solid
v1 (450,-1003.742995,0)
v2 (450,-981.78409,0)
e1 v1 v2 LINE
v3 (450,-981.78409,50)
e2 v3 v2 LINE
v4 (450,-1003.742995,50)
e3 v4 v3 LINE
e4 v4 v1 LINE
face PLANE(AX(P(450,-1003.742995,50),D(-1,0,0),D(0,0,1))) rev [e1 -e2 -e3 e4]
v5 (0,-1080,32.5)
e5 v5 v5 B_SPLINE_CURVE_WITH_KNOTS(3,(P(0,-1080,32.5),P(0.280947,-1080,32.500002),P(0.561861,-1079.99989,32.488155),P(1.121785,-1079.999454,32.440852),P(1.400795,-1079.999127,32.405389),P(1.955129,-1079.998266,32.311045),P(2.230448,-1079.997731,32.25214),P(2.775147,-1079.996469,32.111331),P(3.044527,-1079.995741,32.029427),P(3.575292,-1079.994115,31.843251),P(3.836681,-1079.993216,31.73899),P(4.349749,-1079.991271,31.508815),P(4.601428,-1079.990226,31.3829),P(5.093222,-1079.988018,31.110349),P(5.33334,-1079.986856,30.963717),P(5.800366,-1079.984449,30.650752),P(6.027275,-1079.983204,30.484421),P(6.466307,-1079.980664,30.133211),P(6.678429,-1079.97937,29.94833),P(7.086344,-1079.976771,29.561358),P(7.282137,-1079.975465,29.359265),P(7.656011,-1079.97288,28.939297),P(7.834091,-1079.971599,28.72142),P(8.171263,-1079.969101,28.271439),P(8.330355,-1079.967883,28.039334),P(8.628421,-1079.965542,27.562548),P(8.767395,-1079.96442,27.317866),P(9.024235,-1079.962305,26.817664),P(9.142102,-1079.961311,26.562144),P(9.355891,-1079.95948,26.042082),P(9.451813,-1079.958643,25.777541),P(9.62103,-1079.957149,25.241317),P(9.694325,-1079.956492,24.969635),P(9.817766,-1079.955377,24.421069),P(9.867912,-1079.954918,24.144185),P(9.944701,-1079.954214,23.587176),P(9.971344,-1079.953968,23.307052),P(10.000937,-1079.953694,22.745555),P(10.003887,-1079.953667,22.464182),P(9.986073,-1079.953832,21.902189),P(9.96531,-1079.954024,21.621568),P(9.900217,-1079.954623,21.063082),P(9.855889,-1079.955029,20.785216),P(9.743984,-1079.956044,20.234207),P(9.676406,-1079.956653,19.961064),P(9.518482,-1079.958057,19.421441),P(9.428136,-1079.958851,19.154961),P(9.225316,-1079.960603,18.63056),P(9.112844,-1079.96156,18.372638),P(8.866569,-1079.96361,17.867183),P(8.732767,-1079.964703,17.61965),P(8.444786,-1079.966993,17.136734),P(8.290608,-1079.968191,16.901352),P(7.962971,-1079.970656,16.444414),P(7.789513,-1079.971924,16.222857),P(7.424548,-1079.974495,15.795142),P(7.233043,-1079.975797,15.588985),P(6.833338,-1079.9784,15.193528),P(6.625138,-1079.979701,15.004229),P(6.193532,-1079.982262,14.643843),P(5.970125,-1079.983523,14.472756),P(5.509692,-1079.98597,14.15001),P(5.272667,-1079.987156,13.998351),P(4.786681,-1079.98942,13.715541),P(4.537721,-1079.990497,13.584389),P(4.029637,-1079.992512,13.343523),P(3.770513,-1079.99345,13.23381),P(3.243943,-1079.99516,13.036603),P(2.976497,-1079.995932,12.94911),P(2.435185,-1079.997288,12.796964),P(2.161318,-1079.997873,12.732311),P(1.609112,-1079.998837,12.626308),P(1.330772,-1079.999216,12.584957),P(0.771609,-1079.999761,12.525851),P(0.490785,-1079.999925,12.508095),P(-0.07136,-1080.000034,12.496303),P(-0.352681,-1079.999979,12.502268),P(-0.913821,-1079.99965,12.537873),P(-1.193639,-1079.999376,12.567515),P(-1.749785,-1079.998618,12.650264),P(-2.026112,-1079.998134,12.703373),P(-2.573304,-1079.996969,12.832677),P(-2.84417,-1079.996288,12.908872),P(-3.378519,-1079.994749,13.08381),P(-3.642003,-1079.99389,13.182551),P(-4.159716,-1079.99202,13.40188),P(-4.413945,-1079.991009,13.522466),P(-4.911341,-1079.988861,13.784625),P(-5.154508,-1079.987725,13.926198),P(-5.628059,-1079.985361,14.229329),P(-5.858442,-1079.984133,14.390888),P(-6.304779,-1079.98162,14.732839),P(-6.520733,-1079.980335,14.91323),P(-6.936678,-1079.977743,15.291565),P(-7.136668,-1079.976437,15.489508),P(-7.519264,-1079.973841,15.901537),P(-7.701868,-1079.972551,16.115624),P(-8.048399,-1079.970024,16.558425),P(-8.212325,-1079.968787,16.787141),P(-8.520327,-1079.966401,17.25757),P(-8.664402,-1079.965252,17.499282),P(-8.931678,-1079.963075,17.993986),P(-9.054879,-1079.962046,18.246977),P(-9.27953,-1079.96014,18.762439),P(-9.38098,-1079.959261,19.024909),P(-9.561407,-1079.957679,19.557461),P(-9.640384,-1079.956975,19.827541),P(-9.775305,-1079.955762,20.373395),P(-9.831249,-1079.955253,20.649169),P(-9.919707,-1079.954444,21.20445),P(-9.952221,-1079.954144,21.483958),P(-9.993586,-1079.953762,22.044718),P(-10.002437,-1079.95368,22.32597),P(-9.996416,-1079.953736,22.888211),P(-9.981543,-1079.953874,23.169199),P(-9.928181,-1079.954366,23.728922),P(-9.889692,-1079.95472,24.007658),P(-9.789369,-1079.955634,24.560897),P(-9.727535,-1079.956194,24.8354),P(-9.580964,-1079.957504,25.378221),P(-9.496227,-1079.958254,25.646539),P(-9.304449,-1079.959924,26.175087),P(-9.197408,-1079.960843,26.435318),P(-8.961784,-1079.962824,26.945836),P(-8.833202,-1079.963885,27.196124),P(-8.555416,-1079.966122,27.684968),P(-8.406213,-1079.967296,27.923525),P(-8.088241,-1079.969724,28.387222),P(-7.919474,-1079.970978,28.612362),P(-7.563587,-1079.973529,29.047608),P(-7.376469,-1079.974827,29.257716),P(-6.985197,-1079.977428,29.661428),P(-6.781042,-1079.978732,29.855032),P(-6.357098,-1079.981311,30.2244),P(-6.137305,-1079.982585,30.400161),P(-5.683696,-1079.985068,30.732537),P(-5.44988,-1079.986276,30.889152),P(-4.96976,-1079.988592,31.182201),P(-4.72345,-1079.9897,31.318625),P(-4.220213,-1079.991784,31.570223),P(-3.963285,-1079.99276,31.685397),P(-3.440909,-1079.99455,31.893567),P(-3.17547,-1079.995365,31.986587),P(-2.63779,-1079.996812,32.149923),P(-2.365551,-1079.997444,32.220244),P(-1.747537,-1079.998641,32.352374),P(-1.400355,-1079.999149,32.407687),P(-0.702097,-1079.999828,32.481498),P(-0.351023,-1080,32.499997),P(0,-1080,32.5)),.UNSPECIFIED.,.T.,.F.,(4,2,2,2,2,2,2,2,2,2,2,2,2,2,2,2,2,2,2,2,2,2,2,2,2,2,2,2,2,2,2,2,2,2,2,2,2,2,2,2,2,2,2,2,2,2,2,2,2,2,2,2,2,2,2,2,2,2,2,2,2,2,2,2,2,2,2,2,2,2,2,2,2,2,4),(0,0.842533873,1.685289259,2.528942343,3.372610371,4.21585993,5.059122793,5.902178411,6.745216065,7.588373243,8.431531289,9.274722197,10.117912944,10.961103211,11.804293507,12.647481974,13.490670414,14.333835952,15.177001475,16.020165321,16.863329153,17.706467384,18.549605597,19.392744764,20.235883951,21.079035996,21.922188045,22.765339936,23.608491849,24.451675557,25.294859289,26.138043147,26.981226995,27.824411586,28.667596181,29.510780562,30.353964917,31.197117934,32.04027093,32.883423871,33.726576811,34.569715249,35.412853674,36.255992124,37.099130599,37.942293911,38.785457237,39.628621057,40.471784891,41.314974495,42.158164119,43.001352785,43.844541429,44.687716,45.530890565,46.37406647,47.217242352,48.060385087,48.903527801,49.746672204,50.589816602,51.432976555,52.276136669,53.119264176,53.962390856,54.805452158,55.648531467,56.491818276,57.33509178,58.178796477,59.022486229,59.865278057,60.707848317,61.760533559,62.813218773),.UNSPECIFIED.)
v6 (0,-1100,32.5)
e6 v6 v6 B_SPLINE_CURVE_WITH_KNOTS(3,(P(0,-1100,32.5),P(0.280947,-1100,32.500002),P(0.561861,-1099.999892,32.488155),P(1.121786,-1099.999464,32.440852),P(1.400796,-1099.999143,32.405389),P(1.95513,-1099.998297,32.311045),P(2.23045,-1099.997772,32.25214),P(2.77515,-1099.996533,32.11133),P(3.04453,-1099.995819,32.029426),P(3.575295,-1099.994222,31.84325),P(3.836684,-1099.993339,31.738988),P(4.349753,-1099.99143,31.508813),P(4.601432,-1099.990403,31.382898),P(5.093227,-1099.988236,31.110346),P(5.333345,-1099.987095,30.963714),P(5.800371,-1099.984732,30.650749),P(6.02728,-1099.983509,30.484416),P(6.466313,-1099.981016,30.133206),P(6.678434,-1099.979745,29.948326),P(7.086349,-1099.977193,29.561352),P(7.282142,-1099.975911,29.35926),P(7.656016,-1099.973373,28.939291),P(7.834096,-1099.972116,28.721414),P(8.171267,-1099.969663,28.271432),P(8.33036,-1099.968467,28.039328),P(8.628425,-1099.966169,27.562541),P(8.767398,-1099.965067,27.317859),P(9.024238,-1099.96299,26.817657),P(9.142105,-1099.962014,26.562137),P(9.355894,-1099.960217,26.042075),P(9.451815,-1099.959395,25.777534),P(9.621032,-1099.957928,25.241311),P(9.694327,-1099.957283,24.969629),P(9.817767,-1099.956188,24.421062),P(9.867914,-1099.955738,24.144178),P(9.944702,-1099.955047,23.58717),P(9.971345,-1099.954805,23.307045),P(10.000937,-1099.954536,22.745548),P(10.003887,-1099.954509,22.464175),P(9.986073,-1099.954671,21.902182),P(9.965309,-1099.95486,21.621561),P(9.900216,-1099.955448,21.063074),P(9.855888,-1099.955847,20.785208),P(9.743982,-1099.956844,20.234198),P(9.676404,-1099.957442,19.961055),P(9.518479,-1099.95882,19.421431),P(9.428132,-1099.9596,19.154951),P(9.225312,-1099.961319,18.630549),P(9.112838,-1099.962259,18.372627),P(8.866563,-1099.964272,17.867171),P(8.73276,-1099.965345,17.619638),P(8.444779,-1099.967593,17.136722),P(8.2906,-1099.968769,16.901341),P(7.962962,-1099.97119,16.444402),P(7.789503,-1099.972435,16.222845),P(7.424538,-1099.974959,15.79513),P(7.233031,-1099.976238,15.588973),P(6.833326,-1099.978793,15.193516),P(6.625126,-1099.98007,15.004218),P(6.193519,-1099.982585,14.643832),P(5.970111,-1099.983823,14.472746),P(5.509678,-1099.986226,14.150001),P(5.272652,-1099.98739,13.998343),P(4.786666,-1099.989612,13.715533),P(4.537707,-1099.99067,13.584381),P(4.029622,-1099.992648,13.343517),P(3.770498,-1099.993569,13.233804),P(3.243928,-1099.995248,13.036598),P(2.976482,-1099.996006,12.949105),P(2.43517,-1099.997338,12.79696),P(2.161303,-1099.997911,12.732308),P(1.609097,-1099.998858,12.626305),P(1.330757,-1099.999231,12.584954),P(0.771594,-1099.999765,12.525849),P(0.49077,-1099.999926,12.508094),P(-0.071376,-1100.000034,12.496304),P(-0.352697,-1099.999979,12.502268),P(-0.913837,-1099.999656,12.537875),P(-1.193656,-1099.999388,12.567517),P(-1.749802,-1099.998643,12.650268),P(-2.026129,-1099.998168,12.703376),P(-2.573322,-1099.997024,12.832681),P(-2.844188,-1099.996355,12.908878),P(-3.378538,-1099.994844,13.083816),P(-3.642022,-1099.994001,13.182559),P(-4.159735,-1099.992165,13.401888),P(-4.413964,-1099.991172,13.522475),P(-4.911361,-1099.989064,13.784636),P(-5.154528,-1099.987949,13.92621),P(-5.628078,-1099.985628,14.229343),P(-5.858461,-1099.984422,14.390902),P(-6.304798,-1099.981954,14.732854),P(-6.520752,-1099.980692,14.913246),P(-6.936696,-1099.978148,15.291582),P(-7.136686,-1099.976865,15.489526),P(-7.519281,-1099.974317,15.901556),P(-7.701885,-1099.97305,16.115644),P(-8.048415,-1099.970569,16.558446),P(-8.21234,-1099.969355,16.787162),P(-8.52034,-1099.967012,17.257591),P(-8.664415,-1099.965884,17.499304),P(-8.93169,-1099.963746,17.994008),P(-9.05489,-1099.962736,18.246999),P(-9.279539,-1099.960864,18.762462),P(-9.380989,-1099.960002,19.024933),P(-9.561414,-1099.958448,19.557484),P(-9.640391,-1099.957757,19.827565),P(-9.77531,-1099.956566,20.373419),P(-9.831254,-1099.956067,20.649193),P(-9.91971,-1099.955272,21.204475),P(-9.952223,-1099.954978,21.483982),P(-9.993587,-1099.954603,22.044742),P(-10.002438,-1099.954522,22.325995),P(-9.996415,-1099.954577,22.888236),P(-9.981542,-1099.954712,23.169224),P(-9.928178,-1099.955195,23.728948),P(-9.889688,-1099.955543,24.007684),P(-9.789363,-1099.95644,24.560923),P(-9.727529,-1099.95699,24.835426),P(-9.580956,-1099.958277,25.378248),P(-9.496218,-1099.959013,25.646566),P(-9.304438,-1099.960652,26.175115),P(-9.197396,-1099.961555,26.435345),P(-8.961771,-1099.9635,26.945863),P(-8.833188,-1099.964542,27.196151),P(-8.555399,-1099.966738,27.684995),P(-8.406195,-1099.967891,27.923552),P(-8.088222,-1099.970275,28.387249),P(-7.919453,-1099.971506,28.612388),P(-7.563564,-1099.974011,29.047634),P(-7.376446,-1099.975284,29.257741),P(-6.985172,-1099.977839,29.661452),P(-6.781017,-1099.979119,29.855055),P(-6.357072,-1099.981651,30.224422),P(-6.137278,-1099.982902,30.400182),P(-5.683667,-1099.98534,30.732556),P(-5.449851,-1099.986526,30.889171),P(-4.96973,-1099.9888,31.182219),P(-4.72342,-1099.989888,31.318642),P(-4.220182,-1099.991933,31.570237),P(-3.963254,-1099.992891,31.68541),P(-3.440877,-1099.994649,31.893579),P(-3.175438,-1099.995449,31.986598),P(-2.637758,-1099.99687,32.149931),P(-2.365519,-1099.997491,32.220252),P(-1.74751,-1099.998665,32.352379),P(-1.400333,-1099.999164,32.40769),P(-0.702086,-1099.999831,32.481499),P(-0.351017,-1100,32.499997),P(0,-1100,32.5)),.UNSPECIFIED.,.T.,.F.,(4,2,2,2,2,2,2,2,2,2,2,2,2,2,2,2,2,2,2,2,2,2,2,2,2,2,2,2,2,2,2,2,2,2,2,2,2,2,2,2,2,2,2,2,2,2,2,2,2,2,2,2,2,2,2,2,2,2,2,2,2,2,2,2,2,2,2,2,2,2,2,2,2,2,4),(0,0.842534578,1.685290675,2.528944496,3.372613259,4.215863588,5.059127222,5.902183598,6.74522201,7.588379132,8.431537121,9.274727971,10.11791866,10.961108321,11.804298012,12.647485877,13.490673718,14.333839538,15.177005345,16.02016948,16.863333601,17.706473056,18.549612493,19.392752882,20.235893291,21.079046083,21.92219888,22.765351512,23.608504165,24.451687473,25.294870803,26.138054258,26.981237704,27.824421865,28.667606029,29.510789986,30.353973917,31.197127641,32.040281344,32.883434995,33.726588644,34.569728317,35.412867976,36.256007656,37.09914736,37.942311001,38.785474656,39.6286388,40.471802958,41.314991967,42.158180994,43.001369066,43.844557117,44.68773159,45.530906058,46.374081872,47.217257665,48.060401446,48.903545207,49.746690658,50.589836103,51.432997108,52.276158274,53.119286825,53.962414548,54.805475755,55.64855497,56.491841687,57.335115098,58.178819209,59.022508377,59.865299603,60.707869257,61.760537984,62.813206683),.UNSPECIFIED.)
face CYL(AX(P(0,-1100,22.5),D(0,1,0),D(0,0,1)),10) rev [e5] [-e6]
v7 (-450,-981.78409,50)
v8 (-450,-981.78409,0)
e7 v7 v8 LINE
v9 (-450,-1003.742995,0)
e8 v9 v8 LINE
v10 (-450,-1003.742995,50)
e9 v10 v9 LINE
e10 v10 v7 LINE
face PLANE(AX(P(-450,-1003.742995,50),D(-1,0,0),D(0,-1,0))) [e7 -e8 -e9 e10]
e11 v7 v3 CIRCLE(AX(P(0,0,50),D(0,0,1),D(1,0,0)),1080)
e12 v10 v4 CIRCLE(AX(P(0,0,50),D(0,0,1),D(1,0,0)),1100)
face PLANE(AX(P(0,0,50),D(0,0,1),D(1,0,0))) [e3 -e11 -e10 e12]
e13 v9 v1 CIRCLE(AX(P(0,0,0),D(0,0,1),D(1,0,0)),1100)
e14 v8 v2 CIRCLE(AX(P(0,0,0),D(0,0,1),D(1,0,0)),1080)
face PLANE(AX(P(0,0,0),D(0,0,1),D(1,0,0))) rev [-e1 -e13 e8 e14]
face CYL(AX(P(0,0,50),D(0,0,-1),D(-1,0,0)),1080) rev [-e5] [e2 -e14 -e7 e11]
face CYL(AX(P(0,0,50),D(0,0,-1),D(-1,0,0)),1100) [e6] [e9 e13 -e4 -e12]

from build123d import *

# Parameters (mm, degrees)
BOSS_EXTRUDE1_DEPTH = 50
SKETCH3_R           = 10
CUT_EXTRUDE1_DEPTH  = 1190.537725337


with BuildPart() as part:
    # Sketch1 → Boss-Extrude1 (new body)
    with BuildSketch(Plane.XY):
        with BuildLine():
            Line((-450, -1003.742994994), (-450, -981.784090317))
            ThreePointArc((-450, -981.784090317), (0, -1080), (450, -981.784090317))
            Line((450, -981.784090317), (450, -1003.742994994))
            ThreePointArc((450, -1003.742994994), (0, -1100), (-450, -1003.742994994))
        make_face()
    extrude(amount=BOSS_EXTRUDE1_DEPTH)

    # Sketch3 → Cut-Extrude1 (cut, through all)
    with BuildSketch(Plane(origin=(0, 0, 0), x_dir=(1, 0, 0), z_dir=(0, 1, 0))):
        with Locations(Location((0, -22.5, 0), (0, 0, 270))):
            Circle(SKETCH3_R)
    extrude(amount=-CUT_EXTRUDE1_DEPTH, mode=Mode.SUBTRACT)


solid = part.part
